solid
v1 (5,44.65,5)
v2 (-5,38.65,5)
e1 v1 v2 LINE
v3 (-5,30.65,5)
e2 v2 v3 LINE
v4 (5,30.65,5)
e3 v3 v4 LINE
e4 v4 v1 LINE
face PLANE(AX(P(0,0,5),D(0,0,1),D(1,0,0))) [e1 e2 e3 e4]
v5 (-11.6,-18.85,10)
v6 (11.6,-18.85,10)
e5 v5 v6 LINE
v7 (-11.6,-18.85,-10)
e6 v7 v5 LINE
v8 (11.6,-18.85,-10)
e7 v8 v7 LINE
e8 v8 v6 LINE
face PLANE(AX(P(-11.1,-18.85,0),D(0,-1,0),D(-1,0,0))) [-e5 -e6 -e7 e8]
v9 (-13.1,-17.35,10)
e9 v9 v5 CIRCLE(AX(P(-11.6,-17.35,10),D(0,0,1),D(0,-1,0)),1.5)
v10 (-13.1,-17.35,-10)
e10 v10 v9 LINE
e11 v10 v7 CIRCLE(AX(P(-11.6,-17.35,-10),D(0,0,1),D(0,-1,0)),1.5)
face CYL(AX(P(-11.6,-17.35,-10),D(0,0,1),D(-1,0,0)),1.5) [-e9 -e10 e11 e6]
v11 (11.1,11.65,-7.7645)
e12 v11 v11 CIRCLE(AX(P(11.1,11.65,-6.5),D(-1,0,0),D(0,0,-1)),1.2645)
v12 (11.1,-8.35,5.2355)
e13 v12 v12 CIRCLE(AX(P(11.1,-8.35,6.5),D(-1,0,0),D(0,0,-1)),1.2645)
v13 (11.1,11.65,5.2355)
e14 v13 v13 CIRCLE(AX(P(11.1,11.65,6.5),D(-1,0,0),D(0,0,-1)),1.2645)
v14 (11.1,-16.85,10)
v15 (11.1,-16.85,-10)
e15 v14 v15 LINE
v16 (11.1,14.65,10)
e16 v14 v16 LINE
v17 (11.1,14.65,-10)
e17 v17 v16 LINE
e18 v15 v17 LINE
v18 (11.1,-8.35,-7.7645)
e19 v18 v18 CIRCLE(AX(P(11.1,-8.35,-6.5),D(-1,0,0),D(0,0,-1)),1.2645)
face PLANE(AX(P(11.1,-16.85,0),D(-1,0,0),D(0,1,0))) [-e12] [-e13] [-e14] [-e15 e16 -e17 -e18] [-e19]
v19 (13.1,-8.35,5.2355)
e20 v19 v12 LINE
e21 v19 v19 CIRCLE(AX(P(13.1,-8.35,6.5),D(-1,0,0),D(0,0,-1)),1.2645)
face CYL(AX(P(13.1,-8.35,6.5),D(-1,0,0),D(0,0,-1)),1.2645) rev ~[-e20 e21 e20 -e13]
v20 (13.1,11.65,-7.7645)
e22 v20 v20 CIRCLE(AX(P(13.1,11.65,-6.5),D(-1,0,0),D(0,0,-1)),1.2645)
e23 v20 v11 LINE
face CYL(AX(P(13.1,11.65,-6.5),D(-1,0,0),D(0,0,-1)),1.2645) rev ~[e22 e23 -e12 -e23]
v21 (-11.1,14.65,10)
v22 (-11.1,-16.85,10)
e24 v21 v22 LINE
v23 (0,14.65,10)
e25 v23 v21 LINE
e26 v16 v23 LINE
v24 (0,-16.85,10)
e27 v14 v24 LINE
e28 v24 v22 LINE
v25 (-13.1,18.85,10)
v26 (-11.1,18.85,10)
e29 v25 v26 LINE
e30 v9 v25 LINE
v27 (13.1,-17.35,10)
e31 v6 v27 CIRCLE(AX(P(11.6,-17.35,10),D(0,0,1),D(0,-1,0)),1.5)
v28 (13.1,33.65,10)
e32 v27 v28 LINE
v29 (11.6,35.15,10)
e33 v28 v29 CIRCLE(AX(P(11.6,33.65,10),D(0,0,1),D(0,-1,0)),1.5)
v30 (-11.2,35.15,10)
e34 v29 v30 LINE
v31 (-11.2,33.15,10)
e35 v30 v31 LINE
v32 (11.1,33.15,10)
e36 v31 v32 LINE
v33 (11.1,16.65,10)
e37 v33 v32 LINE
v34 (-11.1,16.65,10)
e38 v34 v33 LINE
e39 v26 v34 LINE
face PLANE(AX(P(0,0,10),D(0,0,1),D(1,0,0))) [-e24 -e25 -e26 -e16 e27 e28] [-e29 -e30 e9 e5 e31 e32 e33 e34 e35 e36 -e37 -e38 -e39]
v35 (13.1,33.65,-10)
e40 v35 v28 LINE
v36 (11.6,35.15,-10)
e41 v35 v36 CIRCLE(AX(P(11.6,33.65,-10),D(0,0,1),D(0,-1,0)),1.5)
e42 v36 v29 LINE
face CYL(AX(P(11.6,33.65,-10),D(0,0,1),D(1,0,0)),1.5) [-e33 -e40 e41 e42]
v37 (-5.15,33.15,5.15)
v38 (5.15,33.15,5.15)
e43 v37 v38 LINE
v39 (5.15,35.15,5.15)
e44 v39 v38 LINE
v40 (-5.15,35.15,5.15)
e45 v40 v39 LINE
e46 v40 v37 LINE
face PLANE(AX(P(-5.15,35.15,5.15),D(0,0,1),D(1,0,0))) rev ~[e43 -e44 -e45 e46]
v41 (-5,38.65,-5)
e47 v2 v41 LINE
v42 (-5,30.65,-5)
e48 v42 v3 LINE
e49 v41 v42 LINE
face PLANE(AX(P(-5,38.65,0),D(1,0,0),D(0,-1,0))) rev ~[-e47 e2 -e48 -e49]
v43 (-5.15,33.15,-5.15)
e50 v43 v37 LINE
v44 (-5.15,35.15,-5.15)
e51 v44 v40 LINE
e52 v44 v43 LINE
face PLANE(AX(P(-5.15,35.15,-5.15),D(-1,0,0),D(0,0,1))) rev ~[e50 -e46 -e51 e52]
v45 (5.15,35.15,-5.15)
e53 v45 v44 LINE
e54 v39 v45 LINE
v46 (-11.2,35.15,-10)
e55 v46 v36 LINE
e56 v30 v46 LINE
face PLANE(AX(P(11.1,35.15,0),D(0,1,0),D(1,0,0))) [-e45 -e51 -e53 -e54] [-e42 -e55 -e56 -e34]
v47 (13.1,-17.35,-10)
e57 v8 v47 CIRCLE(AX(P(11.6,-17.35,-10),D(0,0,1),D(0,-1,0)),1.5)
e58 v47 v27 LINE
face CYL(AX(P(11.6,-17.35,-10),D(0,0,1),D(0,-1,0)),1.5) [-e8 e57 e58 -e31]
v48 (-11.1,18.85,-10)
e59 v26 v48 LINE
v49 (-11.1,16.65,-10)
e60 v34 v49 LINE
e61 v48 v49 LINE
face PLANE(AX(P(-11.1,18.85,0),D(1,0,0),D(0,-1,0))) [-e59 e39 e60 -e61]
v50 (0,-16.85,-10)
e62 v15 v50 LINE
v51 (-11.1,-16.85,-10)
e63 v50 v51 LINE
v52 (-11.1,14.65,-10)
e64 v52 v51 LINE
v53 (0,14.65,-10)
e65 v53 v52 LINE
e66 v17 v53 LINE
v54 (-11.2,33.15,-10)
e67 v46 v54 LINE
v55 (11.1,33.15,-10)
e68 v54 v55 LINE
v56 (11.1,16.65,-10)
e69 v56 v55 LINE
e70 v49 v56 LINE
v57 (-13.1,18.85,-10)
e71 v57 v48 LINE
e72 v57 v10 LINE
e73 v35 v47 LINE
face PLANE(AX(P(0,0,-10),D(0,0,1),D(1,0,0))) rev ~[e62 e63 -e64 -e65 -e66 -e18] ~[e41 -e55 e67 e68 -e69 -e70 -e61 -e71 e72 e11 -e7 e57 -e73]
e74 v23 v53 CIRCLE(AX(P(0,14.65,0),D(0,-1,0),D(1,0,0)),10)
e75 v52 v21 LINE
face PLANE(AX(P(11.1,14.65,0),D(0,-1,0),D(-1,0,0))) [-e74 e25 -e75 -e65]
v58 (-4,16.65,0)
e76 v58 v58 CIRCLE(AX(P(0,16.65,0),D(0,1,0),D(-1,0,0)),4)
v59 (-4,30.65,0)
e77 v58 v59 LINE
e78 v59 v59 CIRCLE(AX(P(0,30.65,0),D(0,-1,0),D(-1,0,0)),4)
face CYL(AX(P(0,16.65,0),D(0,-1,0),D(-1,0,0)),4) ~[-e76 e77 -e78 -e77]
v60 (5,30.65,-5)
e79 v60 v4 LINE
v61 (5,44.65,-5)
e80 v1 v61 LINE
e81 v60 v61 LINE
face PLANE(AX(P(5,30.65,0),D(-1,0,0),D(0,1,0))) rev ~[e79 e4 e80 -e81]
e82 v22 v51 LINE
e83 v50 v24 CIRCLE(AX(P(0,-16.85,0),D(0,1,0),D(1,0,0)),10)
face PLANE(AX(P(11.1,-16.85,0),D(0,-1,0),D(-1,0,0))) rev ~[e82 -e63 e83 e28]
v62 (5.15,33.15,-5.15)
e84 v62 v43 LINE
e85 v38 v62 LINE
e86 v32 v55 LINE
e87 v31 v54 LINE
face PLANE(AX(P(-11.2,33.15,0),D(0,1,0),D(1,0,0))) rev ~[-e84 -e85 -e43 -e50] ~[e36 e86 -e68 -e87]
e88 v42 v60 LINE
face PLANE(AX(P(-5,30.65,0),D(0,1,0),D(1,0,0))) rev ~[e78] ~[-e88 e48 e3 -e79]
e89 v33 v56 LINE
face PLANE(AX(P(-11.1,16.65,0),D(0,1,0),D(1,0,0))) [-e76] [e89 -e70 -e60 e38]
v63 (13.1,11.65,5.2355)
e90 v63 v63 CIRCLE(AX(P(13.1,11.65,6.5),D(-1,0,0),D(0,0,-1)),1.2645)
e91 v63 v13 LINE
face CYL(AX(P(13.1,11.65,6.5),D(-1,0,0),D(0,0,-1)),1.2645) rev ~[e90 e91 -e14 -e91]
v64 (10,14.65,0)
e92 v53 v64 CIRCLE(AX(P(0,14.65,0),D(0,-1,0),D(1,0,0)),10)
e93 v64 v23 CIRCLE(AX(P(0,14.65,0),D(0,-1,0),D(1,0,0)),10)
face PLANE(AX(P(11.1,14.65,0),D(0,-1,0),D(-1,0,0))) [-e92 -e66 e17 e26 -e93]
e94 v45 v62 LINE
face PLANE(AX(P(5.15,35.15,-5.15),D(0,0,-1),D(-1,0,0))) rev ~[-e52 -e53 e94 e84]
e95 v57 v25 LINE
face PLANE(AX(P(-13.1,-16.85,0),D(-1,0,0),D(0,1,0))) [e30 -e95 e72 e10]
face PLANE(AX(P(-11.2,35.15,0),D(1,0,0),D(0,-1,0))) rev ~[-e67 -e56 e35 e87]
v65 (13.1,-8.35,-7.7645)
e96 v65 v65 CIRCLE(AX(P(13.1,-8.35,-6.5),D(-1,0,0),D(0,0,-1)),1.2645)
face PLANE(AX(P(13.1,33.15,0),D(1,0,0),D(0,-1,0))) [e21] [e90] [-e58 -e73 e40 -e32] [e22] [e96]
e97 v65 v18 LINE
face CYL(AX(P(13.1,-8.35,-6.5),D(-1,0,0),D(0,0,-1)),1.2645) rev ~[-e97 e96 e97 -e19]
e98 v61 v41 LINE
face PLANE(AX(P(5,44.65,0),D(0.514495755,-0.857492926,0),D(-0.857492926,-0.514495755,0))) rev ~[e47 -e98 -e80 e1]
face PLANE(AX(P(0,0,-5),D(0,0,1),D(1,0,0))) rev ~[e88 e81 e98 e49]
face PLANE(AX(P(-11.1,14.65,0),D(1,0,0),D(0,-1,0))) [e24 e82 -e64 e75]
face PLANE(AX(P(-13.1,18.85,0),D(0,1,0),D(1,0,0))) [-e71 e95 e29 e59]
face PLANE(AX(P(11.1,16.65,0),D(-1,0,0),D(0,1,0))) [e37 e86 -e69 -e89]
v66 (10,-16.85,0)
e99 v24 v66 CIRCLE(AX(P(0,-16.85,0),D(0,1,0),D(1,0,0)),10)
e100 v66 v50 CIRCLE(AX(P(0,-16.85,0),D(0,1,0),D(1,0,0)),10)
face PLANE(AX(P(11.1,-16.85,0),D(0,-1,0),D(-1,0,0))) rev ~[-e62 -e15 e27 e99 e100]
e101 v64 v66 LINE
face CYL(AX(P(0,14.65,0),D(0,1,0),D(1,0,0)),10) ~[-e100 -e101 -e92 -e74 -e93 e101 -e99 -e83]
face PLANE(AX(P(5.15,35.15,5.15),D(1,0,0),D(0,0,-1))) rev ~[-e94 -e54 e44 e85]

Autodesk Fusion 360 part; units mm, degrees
sketch "Sketch1" plane through (0, 0, 0) normal (0, 0, 1) x (1, 0, 0)
  line L0 (-13.1, 18.85) -> (-11.1, 18.85)
  line L1 (-11.1, 18.85) -> (-11.1, -18.85)
  line L2 (-11.1, -18.85) -> (-13.1, -18.85)
  line L3 (-13.1, -18.85) -> (-13.1, 18.85)
  line L4 (-13.1, -18.85) -> (13.1, -18.85)
  line L5 (13.1, -18.85) -> (13.1, -16.85)
  line L6 (13.1, -16.85) -> (-13.1, -16.85)
  line L7 (-13.1, -16.85) -> (-13.1, -18.85)
  line L8 (13.1, -18.85) -> (11.1, -18.85)
  line L9 (11.1, -18.85) -> (11.1, 35.15)
  line L10 (11.1, 35.15) -> (13.1, 35.15)
  line L11 (13.1, 35.15) -> (13.1, -18.85)
  line L12 (13.1, 35.15) -> (-11.2, 35.15)
  line L13 (-11.2, 35.15) -> (-11.2, 33.15)
  line L14 (-11.2, 33.15) -> (13.1, 33.15)
  line L15 (13.1, 33.15) -> (13.1, 35.15)
  line L16 (-11.1, 16.65) -> (11.1, 16.65)
  line L17 (11.1, 16.65) -> (11.1, 14.65)
  line L18 (11.1, 14.65) -> (-11.1, 14.65)
  line L19 (-11.1, 14.65) -> (-11.1, 16.65)
  dimension "d1" = 2
  dimension "d2" = 2
  dimension "d3" = 2
  dimension "d4" = 2
  dimension "d5" = 2
  dimension "d6" = 26.2
  dimension "d7" = 37.7
  dimension "d8" = 35.5
  dimension "d9" = 54
  dimension "d10" = 24.3
  dimension "d36" = 13.1
  dimension "d37" = 18.85
extrude "Extrude1" add sketch "Sketch1" along normal mid plane 20 contours L0 L1 L3 L6 L19 | L1 L2 L3 L4 L6 L7 | L1 L9 L16 L17 L18 L19 | L1 L4 L6 L9 | L6 L9 L11 L14 L17 | L4 L5 L6 L8 L9 L11 | L9 L12 L13 L14 | L9 L10 L11 L12 L14 L15
sketch "Sketch2" plane through (0, 14.65, 0) normal (0, -1, 0) x (1, 0, 0)
  line L0 (-11.1, -10) -> (11.1, -10)
  line L1 (11.1, -10) -> (11.1, 10)
  line L2 (11.1, 10) -> (-11.1, 10)
  line L3 (-11.1, 10) -> (-11.1, -10)
  circle A0 centre (0, 0) radius 10
  dimension "d13" = 20
  dimension "d14" = 10
  dimension "d15" = 22.2
  dimension "d16" = 11.1
extrude "Extrude2" add sketch "Sketch2" along normal blind 32 contours A0
fillet "Fillet1" radius 1.5 3 edges at (-13.1, -18.85, 0) (13.1, -18.85, 0) (13.1, 35.15, 0)
sketch "Sketch3" plane through (0, 16.65, 0) normal (0, 1, 0) x (-1, 0, 0)
  line L0 (-11.1, -10) -> (11.1, -10)
  line L1 (11.1, -10) -> (11.1, 10)
  line L2 (11.1, 10) -> (-11.1, 10)
  line L3 (-11.1, 10) -> (-11.1, -10)
  line L4 (-11.6, -10) -> (-13.1, -10)
  line L5 (-11.6, -10) -> (11.6, -10)
  line L6 (13.1, -10) -> (11.6, -10)
  line L7 (-13.1, -10) -> (-13.1, 10)
  line L8 (-13.1, 10) -> (-11.6, 10)
  line L9 (11.6, 10) -> (13.1, 10)
  line L10 (13.1, 10) -> (13.1, -10)
  line L11 (11.6, 10) -> (-11.6, 10)
  circle A0 centre (0, 0) radius 4
  arc A1 (0, -10) -> (0, 10) centre (0, 0) ccw
  arc A2 (0, 10) -> (0, -10) centre (0, 0) ccw
  arc A3 (0, -10) -> (0, 10) centre (0, 0) ccw
  arc A4 (0, 10) -> (0, -10) centre (0, 0) ccw
  dimension "d20" = 8
extrude "Extrude3" add sketch "Sketch3" along normal blind 15 contours A0
sketch "Sketch5" plane through (0, 35.15, 0) normal (0, 1, 0) x (-1, 0, 0)
  line L0 (-11.6, 10) -> (-11.6, -10)
  line L1 (-11.6, -10) -> (11.2, -10)
  line L2 (11.2, -10) -> (11.2, 10)
  line L3 (11.2, 10) -> (-11.6, 10)
  circle A0 centre (0, 0) radius 4
  circle A1 centre (0, 0) radius 4
  line L4 (5.15, 5.15) -> (-5.15, 5.15)
  line L5 (-5.15, 5.15) -> (-5.15, -5.15)
  line L6 (-5.15, -5.15) -> (5.15, -5.15)
  line L7 (5.15, -5.15) -> (5.15, 5.15)
  line L8 (5.15, 5.15) -> (-5.15, -5.15) construction
  line L9 (-5.15, 5.15) -> (5.15, -5.15) construction
  dimension "d30" = 10.3
  dimension "d31" = 10.3
extrude "Extrude5" cut sketch "Sketch5" against normal blind 4 contours A0 A1 | L4 L5 L6 L7
sketch "Sketch4" plane through (0, 0, 0) normal (0, 0, 1) x (1, 0, 0)
  line L0 (-5, 30.65) -> (5, 30.65)
  line L1 (5, 30.65) -> (5, 44.65)
  line L2 (5, 44.65) -> (-5, 44.65)
  line L3 (-5, 44.65) -> (-5, 30.65)
  line L4 (5, 44.65) -> (-5, 38.65)
  line L5 (-11.1, 16.65) -> (11.1, 16.65)
  dimension "d23" = 10
  dimension "d26" = 14
  dimension "d27" = 8
  dimension "d35" = 28
  dimension "d38" = 5
extrude "Extrude4" add sketch "Sketch4" along normal mid plane 10 contours L0 L1 L3 L4
sketch "Sketch6" plane through (13.1, 0, 0) normal (1, 0, 0) x (0, 1, 0)
  line L0 (33.65, -10) -> (33.65, 10)
  line L1 (33.65, 10) -> (-17.35, 10)
  line L2 (-17.35, 10) -> (-17.35, -10)
  line L3 (-17.35, -10) -> (33.65, -10)
  line L4 (35.15, -10) -> (35.15, 10)
  point P0 (-8.35, 6.5)
  point P1 (11.65, 6.5)
  point P2 (11.65, -6.5)
  point P3 (-8.35, -6.5)
  dimension "d39" = 13
  dimension "d40" = 6.5
  dimension "d41" = 20
  dimension "d42" = 23.5
  dimension "d46" = 13
hole "Hole1" at (13.1, 11.65, 6.5) at (13.1, 11.65, -6.5) at (13.1, -8.35, -6.5) at (13.1, -8.35, 6.5) direction (-1, 0, 0) diameter 2.529 depth 2 tip angle 180
thread "Thread1" "ISO Metric profile 3.0 M3x0.5 6H" major diameter 3.086 minor diameter 2.529 pitch 0.5 angle 60 resizes the face on face at (11.7667, 11.7759, 5.2418) on face at (11.7667, 11.7759, -7.7582) on face at (11.7667, -8.2241, -7.7582) on face at (11.7667, -8.2241, 5.2418)
equation "d2 = d1"
equation "d3 = d1"
equation "d4 = d1"
equation "d5 = d1"
equation "d36 = d6 / 2"
equation "d37 = d7 / 2"
equation "d38 = d23 / 2"
equation "d40 = d39 / 2"
equation "d46 = d39"
